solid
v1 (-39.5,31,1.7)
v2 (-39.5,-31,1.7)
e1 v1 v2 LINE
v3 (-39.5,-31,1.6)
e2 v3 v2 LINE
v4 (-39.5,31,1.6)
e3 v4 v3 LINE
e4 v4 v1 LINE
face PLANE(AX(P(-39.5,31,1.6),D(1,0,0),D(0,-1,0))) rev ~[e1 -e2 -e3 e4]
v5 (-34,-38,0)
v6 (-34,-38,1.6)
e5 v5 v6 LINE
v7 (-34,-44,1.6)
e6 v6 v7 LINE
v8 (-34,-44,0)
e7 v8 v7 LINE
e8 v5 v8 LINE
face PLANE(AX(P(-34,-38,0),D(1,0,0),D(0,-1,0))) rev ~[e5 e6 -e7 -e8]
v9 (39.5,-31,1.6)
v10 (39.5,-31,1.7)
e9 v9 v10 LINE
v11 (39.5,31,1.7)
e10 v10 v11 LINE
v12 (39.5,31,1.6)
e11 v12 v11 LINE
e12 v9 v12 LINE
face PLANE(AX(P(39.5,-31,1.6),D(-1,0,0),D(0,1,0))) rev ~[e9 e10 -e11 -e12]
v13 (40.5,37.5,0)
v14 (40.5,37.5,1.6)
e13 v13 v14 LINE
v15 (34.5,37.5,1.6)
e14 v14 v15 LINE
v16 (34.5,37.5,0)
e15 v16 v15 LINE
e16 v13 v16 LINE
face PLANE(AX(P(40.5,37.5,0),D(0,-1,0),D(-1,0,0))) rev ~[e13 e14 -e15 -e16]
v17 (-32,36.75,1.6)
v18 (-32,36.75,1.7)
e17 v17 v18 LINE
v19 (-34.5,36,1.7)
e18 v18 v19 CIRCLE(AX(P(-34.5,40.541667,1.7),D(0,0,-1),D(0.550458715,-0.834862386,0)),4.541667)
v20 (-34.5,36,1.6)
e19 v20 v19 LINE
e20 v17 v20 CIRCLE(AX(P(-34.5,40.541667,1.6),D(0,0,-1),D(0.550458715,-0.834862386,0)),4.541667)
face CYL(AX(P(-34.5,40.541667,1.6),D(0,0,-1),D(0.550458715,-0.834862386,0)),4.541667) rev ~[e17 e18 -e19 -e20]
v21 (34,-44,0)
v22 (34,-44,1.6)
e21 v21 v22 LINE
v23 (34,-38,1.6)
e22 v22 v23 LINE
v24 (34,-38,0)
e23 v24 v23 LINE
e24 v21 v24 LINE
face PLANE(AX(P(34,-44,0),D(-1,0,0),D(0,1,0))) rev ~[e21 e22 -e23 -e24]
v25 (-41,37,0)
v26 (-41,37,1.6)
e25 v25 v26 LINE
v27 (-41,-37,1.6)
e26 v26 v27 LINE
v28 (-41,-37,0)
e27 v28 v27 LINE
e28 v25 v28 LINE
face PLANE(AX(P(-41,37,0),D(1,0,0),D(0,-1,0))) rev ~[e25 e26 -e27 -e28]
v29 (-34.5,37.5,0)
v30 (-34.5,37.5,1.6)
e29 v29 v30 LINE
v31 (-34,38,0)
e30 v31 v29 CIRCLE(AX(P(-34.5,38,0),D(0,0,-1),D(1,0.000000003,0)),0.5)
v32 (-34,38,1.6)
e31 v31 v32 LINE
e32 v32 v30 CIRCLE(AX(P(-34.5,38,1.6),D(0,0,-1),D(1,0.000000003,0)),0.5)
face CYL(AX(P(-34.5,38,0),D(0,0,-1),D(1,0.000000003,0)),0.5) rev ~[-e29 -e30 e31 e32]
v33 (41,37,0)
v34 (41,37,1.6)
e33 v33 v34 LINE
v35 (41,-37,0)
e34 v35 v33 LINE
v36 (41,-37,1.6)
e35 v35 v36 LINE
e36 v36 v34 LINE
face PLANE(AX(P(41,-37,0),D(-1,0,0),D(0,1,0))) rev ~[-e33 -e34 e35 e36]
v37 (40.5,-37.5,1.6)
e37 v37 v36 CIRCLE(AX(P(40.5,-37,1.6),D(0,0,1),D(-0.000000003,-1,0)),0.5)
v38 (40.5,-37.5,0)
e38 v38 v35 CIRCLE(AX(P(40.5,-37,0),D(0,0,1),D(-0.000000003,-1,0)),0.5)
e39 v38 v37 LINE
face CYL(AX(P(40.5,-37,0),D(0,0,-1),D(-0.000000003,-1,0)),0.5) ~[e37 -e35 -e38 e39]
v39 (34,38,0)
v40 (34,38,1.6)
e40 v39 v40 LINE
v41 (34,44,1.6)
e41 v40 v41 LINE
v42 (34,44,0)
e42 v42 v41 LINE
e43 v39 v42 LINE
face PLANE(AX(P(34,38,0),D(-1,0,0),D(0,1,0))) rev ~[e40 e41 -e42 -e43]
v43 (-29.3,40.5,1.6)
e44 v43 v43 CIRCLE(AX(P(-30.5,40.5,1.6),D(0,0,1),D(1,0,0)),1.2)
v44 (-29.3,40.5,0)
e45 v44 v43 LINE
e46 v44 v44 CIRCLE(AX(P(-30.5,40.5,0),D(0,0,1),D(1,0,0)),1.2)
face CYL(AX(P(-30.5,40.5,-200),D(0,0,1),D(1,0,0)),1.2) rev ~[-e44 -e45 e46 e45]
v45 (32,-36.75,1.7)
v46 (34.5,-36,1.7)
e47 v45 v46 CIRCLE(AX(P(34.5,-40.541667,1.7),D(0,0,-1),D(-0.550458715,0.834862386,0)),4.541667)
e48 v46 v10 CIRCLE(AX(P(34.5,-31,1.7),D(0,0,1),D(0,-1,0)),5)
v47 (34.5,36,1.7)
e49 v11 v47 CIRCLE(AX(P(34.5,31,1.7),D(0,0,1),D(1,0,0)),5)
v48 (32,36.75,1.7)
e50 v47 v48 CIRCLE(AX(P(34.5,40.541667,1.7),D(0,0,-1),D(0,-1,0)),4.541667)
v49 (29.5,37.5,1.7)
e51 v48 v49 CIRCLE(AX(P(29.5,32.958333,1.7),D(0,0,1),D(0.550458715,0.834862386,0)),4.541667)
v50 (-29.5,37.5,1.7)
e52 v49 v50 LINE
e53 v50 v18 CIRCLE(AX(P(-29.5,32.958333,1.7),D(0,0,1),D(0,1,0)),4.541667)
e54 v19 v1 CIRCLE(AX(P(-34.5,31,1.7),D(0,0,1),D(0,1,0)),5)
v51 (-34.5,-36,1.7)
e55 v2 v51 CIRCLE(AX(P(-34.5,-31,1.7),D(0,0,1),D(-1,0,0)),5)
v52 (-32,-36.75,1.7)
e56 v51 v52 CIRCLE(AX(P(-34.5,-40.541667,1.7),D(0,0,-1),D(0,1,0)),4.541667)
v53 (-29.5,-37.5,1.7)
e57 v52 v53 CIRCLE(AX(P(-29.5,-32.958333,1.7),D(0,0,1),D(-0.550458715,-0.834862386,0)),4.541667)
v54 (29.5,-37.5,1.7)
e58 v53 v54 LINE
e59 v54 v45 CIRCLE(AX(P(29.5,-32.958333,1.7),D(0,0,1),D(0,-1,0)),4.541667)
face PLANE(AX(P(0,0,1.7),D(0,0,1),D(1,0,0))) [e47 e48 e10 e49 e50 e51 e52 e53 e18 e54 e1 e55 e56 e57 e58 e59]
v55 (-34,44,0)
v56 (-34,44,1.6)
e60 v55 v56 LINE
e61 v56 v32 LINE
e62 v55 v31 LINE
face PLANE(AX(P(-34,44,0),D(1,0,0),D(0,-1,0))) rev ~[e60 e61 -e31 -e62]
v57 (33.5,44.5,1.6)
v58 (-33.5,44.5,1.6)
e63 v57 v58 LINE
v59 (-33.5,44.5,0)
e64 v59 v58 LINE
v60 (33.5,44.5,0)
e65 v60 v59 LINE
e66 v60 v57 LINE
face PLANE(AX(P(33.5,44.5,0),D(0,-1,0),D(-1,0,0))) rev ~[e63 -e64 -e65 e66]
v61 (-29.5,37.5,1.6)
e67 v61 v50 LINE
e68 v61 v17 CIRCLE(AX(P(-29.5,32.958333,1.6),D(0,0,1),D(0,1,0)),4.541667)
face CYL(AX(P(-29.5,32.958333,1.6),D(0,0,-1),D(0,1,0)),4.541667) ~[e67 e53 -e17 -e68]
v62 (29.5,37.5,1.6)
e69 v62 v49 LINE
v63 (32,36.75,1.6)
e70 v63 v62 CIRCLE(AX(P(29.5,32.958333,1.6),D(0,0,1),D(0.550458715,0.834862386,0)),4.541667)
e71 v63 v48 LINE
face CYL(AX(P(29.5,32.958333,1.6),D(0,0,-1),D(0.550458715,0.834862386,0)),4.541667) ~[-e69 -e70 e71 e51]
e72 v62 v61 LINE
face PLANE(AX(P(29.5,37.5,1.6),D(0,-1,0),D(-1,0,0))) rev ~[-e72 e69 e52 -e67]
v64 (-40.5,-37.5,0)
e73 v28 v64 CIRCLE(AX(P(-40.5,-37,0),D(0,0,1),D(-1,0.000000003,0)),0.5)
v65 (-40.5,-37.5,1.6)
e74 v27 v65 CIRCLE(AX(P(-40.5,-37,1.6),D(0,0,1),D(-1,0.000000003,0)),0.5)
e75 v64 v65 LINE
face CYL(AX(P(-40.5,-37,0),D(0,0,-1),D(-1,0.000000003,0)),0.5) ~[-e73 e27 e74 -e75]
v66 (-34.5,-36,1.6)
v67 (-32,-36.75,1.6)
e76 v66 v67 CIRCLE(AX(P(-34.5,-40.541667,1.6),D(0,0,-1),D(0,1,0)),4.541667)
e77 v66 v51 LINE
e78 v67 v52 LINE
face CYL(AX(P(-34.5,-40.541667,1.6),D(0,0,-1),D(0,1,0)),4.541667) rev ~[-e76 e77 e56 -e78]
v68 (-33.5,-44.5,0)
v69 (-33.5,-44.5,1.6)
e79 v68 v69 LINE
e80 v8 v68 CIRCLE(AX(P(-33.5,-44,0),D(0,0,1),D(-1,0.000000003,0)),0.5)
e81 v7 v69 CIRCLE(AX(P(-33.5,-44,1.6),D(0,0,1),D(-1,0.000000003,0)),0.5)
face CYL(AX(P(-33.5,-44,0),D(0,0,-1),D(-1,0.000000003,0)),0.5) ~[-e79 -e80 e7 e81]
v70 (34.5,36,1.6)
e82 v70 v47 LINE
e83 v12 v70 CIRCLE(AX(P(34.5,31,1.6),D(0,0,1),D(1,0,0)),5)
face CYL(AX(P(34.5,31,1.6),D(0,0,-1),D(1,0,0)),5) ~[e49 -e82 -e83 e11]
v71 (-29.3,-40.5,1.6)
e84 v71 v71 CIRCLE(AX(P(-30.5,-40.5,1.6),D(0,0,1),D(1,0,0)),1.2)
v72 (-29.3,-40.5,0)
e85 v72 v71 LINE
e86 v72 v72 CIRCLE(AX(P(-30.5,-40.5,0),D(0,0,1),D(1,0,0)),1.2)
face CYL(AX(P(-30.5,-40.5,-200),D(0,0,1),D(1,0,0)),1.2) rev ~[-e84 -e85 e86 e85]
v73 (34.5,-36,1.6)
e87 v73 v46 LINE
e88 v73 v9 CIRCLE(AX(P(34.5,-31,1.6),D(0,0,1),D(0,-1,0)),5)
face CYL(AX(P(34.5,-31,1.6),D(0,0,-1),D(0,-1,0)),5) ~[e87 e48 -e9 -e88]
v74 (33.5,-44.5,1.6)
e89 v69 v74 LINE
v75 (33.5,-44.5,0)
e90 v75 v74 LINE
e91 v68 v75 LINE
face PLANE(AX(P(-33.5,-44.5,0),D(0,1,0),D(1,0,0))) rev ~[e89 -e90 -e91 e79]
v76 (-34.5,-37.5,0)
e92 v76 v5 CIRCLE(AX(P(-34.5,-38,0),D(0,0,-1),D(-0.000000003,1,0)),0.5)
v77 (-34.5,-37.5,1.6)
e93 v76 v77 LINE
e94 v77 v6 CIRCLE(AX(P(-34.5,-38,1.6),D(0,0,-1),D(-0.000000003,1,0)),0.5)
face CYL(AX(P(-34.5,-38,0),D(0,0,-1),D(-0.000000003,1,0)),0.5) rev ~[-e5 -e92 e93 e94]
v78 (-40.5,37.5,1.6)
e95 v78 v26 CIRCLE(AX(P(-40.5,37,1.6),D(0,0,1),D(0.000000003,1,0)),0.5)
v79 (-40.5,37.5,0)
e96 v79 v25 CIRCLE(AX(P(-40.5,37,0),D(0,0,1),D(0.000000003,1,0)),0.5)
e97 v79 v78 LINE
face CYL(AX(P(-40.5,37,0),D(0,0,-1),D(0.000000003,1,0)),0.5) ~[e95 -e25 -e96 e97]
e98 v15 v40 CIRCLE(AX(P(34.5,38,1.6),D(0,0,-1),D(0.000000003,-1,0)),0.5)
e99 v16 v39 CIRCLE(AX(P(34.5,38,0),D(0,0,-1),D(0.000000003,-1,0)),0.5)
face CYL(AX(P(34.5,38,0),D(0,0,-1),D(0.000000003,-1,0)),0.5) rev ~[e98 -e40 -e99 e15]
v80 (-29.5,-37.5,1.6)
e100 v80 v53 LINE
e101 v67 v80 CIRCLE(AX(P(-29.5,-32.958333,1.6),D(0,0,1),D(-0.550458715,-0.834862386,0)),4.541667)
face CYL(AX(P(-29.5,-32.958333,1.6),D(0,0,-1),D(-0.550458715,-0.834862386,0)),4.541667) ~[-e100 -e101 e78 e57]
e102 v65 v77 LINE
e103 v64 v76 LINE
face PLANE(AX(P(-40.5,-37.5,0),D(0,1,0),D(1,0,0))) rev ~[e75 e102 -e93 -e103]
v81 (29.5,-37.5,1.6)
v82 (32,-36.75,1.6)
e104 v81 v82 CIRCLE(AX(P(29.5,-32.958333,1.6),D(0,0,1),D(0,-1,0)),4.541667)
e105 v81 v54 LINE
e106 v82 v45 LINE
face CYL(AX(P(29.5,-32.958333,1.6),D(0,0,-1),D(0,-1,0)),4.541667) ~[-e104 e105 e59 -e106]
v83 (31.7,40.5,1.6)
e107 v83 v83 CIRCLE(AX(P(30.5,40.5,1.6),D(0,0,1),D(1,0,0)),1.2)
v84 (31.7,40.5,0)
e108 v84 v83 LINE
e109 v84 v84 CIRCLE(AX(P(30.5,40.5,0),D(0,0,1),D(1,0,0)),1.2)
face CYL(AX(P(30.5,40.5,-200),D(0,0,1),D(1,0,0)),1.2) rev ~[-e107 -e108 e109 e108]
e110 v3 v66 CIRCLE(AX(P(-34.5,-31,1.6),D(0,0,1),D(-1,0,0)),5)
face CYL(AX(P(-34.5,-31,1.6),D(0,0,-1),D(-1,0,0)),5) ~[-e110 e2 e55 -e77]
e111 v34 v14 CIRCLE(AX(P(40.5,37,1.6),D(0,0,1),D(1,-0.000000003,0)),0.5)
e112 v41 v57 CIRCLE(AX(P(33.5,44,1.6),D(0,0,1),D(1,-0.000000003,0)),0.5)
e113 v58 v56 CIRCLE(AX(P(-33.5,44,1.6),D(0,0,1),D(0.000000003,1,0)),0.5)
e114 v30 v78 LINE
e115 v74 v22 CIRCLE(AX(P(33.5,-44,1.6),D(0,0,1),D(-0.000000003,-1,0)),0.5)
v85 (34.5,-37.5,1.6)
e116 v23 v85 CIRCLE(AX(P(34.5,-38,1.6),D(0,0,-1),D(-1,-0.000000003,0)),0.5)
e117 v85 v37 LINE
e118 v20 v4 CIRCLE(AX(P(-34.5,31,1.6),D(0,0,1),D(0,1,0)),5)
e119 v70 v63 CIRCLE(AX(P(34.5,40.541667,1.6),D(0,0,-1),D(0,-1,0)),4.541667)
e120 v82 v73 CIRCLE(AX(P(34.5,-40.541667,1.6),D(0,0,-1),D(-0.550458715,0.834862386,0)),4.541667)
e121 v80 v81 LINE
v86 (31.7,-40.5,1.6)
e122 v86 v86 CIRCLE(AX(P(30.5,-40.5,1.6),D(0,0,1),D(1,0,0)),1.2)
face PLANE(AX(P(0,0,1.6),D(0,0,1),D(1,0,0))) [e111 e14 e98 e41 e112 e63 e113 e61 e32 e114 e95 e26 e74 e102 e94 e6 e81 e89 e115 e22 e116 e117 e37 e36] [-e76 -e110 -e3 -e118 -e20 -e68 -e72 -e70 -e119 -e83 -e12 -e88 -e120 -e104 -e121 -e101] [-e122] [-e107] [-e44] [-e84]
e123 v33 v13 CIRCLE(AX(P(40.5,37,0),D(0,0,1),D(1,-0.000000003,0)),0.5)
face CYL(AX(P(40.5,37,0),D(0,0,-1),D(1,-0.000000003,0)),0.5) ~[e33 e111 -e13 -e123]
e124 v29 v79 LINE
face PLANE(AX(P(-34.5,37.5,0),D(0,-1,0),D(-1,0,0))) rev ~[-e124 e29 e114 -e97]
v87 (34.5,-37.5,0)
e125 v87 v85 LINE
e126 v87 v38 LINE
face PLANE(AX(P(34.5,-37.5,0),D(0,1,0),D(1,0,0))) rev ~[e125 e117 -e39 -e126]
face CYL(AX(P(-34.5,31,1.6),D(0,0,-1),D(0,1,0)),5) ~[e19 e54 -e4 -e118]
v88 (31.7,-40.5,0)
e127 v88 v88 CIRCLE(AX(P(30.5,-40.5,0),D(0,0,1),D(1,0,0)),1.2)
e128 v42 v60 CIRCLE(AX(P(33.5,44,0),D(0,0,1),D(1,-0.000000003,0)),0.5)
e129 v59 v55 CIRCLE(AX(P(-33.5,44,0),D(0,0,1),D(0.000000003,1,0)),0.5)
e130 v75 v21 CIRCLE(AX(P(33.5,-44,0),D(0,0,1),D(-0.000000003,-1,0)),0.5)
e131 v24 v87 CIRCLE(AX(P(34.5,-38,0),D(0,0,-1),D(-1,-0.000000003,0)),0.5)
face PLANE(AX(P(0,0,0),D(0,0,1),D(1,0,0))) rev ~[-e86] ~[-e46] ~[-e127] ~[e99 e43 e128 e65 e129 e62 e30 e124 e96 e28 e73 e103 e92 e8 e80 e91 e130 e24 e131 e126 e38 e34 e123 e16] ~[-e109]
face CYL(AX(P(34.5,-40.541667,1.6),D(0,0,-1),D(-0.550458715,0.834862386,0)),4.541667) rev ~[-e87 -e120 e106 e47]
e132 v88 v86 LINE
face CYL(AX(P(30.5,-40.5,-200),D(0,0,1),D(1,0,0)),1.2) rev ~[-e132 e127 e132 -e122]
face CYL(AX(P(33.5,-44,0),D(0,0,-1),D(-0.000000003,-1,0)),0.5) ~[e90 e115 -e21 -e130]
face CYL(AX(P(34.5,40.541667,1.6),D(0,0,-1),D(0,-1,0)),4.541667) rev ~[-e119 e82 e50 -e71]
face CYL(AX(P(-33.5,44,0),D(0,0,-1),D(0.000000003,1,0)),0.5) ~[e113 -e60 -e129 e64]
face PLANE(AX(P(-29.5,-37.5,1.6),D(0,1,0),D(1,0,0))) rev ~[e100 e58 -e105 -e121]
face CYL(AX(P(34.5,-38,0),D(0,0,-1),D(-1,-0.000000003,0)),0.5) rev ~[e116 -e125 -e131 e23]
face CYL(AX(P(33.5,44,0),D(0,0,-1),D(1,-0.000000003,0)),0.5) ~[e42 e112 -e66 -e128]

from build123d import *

# Parameters (mm, degrees)
BOSS_EXTRUDE1_DEPTH            = 1.6
BOSS_EXTRUDE2_DEPTH            = 0.1
M2_HOLE1_FIXINGSTRUCTURE_D     = 2.4
M2_HOLE1_FIXINGSTRUCTURE_DEPTH = 200
M2_HOLE1_FIXINGSTRUCTURE_TIP   = 0.721032743


with BuildPart() as part:
    # Sketch1 → Boss-Extrude1 (new body)
    with BuildSketch(Plane.XY):
        with BuildLine():
            Line((-34, 44), (-34, 38))
            ThreePointArc((-34, 38), (-34.146446609, 37.646446609), (-34.5, 37.5))
            Line((-34.5, 37.5), (-40.5, 37.5))
            ThreePointArc((-40.5, 37.5), (-40.853553391, 37.353553391), (-41, 37))
            Line((-41, 37), (-41, -37))
            ThreePointArc((-41, -37), (-40.853553391, -37.353553391), (-40.5, -37.5))
            Line((-40.5, -37.5), (-34.5, -37.5))
            ThreePointArc((-34.5, -37.5), (-34.146446609, -37.646446609), (-34, -38))
            Line((-34, -38), (-34, -44))
            ThreePointArc((-34, -44), (-33.853553391, -44.353553391), (-33.5, -44.5))
            Line((-33.5, -44.5), (33.5, -44.5))
            ThreePointArc((33.5, -44.5), (33.853553391, -44.353553391), (34, -44))
            Line((34, -44), (34, -38))
            ThreePointArc((34, -38), (34.146446609, -37.646446609), (34.5, -37.5))
            Line((34.5, -37.5), (40.5, -37.5))
            ThreePointArc((40.5, -37.5), (40.853553391, -37.353553391), (41, -37))
            Line((41, -37), (41, 37))
            ThreePointArc((41, 37), (40.853553391, 37.353553391), (40.5, 37.5))
            Line((40.5, 37.5), (34.5, 37.5))
            ThreePointArc((34.5, 37.5), (34.146446609, 37.646446609), (34, 38))
            Line((34, 38), (34, 44))
            ThreePointArc((34, 44), (33.853553391, 44.353553391), (33.5, 44.5))
            Line((33.5, 44.5), (-33.5, 44.5))
            ThreePointArc((-33.5, 44.5), (-33.853553391, 44.353553391), (-34, 44))
        make_face()
    extrude(amount=BOSS_EXTRUDE1_DEPTH)

    # Esboço1 → Boss-Extrude2 (add)
    with BuildSketch(Plane.XY.offset(1.6)):
        with BuildLine():
            Line((-29.5, -37.5), (29.5, -37.5))
            ThreePointArc((29.5, -37.5), (30.805038314, -37.308461045), (32, -36.75))
            ThreePointArc((32, -36.75), (33.194961686, -36.191538955), (34.5, -36))
            ThreePointArc((34.5, -36), (38.035533906, -34.535533906), (39.5, -31))
            Line((39.5, -31), (39.5, 31))
            ThreePointArc((39.5, 31), (38.035533906, 34.535533906), (34.5, 36))
            ThreePointArc((34.5, 36), (33.194961686, 36.191538955), (32, 36.75))
            ThreePointArc((32, 36.75), (30.805038314, 37.308461045), (29.5, 37.5))
            Line((29.5, 37.5), (-29.5, 37.5))
            ThreePointArc((-29.5, 37.5), (-30.805038314, 37.308461045), (-32, 36.75))
            ThreePointArc((-32, 36.75), (-33.194961686, 36.191538955), (-34.5, 36))
            ThreePointArc((-34.5, 36), (-38.035533906, 34.535533906), (-39.5, 31))
            Line((-39.5, 31), (-39.5, -31))
            ThreePointArc((-39.5, -31), (-38.035533906, -34.535533906), (-34.5, -36))
            ThreePointArc((-34.5, -36), (-33.194961686, -36.191538955), (-32, -36.75))
            ThreePointArc((-32, -36.75), (-30.805038314, -37.308461045), (-29.5, -37.5))
        make_face()
    extrude(amount=BOSS_EXTRUDE2_DEPTH)

    # M2 Hole1-FixingStructure
    with Locations(Plane(origin=(0, 0, 0), x_dir=(-1, 0, 0), z_dir=(0, 0, -1))):
        with Locations((-30.5, 40.5), (30.5, 40.5), (-30.5, -40.5), (30.5, -40.5)):
            Hole(M2_HOLE1_FIXINGSTRUCTURE_D / 2, depth=M2_HOLE1_FIXINGSTRUCTURE_DEPTH)
            with Locations((0, 0, -(M2_HOLE1_FIXINGSTRUCTURE_DEPTH + M2_HOLE1_FIXINGSTRUCTURE_TIP / 2))):  # 118° drill point
                Cone(0, M2_HOLE1_FIXINGSTRUCTURE_D / 2, M2_HOLE1_FIXINGSTRUCTURE_TIP, mode=Mode.SUBTRACT)


solid = part.part
